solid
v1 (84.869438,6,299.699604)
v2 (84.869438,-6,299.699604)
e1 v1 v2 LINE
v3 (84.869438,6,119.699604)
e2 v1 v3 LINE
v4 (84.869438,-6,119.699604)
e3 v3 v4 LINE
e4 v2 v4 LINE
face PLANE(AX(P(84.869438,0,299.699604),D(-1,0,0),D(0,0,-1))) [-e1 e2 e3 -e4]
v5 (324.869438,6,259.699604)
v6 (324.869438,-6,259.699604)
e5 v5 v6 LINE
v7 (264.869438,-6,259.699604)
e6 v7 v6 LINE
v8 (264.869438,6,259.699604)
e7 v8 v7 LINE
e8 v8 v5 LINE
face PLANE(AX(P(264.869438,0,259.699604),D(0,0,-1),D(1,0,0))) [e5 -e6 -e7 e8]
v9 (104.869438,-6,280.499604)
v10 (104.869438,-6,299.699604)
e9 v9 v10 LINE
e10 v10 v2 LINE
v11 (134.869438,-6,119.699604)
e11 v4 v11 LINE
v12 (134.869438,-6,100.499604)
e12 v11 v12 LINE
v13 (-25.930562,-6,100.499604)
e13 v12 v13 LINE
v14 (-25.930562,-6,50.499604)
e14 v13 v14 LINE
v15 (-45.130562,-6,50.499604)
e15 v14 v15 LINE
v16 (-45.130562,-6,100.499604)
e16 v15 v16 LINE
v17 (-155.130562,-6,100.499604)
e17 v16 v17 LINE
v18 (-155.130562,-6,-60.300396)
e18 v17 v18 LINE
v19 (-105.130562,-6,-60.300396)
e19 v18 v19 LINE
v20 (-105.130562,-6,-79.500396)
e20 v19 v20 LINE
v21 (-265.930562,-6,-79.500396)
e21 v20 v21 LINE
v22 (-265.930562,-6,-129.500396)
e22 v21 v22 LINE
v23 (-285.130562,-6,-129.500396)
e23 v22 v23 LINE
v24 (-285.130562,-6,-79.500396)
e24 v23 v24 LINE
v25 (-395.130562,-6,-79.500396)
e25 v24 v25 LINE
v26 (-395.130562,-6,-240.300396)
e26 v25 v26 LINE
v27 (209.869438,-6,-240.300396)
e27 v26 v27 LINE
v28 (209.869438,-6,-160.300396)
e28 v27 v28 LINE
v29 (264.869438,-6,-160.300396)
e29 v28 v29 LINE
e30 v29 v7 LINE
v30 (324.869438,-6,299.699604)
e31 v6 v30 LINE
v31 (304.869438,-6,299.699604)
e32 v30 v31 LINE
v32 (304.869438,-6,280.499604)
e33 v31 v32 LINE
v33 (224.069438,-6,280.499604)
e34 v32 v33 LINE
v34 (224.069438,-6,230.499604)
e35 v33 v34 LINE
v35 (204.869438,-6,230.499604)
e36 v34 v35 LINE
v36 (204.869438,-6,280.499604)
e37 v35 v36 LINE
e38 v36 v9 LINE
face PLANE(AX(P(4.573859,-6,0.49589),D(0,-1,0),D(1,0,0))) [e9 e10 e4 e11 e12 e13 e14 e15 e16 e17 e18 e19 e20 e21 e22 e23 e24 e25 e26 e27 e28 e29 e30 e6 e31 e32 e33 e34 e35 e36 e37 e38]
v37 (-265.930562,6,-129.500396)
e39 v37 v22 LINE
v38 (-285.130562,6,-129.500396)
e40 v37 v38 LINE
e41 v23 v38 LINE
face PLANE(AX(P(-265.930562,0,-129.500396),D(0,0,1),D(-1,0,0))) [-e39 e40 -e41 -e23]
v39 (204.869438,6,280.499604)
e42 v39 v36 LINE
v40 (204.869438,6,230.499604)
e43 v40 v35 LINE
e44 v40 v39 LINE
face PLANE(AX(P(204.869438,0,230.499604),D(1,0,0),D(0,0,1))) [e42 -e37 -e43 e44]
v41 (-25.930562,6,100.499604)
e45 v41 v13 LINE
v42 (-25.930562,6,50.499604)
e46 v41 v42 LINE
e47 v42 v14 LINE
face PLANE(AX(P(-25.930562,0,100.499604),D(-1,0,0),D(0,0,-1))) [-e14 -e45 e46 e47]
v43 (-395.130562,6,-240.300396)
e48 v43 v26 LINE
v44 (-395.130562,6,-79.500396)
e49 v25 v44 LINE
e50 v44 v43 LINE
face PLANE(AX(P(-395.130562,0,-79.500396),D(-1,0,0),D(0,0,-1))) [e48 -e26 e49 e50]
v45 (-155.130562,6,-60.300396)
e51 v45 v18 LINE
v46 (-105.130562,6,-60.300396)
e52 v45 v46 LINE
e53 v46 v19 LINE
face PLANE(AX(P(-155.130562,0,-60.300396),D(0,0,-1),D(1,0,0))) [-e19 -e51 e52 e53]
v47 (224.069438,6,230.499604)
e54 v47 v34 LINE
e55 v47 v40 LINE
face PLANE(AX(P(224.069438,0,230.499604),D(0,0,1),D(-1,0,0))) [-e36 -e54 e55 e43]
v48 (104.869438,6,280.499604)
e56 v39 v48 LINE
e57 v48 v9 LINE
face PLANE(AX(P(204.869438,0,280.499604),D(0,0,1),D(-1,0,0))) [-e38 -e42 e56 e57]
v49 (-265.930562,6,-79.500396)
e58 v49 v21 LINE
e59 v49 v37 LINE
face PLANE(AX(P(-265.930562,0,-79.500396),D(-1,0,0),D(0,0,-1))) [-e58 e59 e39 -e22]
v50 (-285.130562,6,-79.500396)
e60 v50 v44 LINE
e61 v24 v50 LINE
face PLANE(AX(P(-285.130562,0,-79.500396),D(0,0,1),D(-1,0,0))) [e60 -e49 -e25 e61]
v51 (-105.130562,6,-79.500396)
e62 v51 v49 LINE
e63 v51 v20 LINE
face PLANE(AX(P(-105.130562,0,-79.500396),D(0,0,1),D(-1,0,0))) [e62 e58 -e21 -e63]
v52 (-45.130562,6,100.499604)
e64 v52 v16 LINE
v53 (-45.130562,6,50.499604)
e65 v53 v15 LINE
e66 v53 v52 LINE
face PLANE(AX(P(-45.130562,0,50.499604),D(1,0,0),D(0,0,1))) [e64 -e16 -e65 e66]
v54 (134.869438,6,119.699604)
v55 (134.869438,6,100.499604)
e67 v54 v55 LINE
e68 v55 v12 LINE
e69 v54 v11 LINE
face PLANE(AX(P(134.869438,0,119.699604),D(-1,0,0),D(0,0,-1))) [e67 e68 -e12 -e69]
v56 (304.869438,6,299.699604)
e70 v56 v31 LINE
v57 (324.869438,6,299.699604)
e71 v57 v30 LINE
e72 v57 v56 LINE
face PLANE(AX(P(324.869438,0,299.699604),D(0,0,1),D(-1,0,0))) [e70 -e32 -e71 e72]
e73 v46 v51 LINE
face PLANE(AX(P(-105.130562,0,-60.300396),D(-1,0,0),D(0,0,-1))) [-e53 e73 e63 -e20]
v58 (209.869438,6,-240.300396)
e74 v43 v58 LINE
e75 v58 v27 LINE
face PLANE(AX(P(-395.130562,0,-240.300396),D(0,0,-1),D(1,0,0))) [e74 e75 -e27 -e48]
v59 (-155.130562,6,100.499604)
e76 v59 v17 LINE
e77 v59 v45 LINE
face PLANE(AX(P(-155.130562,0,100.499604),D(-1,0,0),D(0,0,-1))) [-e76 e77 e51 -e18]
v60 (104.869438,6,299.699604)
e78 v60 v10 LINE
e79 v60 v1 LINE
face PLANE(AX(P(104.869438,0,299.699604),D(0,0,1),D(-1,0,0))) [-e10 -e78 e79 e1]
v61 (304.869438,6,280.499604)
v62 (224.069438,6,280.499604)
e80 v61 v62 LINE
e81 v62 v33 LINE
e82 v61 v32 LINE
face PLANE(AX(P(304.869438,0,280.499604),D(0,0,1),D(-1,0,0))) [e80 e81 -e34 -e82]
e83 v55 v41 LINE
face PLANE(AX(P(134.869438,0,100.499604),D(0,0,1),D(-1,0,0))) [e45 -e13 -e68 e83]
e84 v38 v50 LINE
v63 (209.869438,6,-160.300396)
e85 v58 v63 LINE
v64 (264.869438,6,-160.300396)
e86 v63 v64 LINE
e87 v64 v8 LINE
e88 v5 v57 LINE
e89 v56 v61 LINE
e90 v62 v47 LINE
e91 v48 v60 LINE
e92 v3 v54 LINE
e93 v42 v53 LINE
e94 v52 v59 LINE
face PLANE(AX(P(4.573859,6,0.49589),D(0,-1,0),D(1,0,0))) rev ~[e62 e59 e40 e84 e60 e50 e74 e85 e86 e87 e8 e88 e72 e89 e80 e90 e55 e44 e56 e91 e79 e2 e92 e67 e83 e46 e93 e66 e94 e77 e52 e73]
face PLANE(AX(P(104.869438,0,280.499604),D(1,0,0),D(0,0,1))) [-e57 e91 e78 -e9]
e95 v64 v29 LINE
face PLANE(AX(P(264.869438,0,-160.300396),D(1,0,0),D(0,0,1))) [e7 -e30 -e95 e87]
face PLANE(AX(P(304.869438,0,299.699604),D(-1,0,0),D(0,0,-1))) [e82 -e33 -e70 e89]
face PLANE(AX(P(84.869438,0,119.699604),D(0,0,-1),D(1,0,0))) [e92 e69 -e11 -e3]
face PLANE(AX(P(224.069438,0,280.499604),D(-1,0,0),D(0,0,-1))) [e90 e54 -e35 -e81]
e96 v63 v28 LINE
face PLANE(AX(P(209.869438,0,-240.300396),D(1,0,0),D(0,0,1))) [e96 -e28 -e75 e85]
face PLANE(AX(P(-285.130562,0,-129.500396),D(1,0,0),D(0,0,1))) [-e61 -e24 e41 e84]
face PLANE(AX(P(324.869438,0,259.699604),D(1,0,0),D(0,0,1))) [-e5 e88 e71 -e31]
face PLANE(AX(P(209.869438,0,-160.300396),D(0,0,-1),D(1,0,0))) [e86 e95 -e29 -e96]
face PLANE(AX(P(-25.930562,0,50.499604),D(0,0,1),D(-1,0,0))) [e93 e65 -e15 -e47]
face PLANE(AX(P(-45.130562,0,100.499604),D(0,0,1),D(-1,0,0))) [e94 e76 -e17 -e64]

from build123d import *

# Parameters (mm, degrees)
F1_DEPTH = 6


with BuildPart() as f1:
    # F0 (on Front) → F1 (new body, symmetric)
    with BuildSketch(Plane.XZ):
        Polygon((-395.130562, -79.500396), (-395.130562, -240.300396), (209.869438, -240.300396), (209.869438, -160.300396), (264.869438, -160.300396), (264.869438, 259.699604), (324.869438, 259.699604), (324.869438, 299.699604), (304.869438, 299.699604), (304.869438, 280.499604), (224.069438, 280.499604), (224.069438, 230.499604), (204.869438, 230.499604), (204.869438, 280.499604), (104.869438, 280.499604), (104.869438, 299.699604), (84.869438, 299.699604), (84.869438, 119.699604), (134.869438, 119.699604), (134.869438, 100.499604), (-25.930562, 100.499604), (-25.930562, 50.499604), (-45.130562, 50.499604), (-45.130562, 100.499604), (-155.130562, 100.499604), (-155.130562, -60.300396), (-105.130562, -60.300396), (-105.130562, -79.500396), (-172.839355, -79.500396), (-265.930562, -79.500396), (-265.930562, -129.500396), (-285.130562, -129.500396), (-285.130562, -79.500396), align=None)
    extrude(amount=F1_DEPTH, both=True)


solid = f1.part
